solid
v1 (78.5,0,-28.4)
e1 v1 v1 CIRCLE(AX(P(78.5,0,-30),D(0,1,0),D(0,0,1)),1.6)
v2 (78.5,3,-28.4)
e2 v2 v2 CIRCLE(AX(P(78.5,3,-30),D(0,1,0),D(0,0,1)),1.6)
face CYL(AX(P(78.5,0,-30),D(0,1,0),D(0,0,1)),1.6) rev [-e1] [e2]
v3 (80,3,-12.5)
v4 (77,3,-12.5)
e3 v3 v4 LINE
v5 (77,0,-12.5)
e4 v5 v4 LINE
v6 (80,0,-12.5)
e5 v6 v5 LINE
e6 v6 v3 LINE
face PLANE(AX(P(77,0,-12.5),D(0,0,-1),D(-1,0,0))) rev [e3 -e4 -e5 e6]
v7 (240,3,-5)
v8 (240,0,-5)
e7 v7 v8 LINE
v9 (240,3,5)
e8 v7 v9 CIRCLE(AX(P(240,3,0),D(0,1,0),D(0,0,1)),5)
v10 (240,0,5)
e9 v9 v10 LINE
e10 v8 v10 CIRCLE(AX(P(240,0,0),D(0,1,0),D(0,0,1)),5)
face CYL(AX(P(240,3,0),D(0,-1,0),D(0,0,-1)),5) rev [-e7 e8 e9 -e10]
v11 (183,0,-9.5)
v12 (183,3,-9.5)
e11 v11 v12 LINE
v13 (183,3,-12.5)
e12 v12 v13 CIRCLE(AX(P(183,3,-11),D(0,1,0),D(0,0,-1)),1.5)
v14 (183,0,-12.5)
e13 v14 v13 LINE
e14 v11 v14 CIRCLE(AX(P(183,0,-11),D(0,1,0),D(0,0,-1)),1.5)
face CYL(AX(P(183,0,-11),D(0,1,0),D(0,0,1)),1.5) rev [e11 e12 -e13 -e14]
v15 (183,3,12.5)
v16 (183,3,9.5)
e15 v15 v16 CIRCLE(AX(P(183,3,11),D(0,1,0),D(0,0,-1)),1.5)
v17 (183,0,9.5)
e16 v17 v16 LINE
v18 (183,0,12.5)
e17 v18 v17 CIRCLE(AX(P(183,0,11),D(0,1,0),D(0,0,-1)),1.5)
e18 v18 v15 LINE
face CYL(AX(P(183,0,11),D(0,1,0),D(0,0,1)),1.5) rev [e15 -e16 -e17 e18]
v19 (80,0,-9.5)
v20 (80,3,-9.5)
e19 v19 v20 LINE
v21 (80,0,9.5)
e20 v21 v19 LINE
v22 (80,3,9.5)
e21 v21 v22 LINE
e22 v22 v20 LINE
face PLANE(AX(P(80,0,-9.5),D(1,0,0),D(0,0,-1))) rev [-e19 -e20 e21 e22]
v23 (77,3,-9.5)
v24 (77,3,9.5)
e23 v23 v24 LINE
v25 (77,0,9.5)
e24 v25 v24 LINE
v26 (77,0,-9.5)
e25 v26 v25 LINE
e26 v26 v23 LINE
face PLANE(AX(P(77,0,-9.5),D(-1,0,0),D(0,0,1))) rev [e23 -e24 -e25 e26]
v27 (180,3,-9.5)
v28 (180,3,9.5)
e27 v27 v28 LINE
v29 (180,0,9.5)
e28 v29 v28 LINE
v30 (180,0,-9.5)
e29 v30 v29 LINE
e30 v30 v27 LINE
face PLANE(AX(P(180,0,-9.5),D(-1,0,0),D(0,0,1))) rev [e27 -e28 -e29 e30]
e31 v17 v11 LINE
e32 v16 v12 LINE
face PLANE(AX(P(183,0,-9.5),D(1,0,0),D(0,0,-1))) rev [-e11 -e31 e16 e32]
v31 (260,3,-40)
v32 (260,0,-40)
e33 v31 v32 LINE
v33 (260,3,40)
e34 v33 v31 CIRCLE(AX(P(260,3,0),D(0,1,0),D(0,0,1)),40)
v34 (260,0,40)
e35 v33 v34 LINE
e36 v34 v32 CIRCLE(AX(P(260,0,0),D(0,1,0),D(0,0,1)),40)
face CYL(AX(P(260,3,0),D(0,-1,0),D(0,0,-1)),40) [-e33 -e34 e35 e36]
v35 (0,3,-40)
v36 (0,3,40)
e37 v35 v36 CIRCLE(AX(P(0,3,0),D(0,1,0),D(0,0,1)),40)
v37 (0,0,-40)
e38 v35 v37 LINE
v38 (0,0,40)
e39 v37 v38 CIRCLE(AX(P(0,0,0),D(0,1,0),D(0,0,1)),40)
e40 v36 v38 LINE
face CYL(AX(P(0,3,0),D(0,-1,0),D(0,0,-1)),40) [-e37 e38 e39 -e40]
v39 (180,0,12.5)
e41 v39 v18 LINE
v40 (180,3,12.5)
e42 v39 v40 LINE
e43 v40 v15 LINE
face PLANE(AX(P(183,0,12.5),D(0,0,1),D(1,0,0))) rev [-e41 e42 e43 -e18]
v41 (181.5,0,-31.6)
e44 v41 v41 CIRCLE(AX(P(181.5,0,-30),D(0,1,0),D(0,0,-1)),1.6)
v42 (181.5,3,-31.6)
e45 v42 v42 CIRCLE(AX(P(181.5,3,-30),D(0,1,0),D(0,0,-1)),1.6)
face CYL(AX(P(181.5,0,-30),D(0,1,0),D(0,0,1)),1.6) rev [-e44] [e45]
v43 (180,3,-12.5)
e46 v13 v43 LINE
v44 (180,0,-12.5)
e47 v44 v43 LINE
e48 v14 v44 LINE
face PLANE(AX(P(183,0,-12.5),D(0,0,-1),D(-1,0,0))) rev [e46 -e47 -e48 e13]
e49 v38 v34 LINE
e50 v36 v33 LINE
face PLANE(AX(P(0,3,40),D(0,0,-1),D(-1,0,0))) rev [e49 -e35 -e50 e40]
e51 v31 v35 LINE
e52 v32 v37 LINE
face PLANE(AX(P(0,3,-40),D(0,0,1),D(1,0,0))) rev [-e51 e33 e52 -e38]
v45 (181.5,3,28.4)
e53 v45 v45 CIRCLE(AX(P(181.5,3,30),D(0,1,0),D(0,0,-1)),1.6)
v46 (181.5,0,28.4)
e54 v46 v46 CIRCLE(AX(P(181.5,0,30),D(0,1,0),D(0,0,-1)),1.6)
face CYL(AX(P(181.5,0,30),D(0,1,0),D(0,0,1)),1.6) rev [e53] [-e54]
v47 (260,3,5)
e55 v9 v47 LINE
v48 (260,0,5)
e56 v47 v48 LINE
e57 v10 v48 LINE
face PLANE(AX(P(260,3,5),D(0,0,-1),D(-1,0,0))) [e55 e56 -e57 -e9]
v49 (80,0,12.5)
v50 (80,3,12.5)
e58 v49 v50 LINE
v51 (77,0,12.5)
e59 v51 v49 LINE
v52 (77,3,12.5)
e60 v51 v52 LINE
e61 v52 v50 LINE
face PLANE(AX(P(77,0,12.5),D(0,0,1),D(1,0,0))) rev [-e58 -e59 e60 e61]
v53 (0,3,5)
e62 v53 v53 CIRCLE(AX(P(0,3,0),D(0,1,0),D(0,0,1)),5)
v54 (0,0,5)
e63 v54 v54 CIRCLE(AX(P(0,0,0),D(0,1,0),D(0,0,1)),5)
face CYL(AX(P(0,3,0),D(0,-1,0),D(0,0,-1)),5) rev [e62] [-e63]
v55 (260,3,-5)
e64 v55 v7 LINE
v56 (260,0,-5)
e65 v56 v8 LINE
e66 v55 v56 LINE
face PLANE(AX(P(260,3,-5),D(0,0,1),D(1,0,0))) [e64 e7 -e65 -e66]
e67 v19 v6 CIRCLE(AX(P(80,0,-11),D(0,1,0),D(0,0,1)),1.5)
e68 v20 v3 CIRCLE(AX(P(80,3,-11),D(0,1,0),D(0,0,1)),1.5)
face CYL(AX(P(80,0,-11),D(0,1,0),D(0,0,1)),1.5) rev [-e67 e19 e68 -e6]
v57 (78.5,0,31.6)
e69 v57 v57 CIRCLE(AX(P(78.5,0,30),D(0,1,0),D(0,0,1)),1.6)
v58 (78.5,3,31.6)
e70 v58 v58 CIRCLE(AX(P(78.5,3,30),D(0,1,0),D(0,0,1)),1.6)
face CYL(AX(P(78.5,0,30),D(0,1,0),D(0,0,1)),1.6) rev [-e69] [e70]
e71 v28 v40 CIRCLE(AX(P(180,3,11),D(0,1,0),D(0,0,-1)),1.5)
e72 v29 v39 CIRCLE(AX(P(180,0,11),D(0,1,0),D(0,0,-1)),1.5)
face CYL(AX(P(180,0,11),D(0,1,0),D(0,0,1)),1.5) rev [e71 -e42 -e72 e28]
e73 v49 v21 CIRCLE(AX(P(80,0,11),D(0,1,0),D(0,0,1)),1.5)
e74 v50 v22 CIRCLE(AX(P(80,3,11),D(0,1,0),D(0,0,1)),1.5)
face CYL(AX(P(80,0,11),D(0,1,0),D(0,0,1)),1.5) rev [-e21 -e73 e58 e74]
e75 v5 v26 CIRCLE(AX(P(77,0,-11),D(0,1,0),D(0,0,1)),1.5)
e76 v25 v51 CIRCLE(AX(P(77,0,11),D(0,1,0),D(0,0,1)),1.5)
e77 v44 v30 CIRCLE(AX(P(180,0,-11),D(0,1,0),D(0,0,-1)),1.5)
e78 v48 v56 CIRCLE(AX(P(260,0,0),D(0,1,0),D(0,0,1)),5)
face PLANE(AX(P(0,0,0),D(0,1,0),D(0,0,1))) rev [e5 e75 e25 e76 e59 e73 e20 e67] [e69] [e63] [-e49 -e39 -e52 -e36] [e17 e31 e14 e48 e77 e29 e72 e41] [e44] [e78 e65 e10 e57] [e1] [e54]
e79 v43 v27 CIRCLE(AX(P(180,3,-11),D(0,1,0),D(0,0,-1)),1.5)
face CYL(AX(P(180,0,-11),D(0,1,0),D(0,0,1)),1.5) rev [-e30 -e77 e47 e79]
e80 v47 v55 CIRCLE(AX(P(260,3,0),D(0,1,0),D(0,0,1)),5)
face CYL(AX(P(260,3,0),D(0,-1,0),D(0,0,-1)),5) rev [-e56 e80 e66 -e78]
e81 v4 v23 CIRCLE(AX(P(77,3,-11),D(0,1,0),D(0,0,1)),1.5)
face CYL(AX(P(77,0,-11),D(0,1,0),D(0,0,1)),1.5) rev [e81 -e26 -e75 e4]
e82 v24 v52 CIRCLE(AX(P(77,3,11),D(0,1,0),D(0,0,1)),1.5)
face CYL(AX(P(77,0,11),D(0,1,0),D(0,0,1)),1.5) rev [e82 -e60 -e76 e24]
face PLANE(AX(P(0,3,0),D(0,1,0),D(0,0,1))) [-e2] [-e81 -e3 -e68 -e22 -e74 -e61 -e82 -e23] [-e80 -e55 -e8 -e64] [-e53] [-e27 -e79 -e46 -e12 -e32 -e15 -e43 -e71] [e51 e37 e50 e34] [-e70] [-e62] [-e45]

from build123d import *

# Parameters (mm, degrees)
SKETCH1_R           = 5
BOSS_EXTRUDE1_DEPTH = 3
SKETCH2_R           = 1.6
CUT_EXTRUDE1_DEPTH  = 303.669787062


with BuildPart() as part:
    # Sketch1 → Boss-Extrude1 (new body)
    with BuildSketch(Plane(origin=(0, 0, 0), x_dir=(1, 0, 0), z_dir=(0, 1, 0))):
        with BuildLine():
            Line((0, 40), (260, 40))
            ThreePointArc((260, 40), (300, 0), (260, -40))
            Line((260, -40), (0, -40))
            ThreePointArc((0, -40), (-40, 0), (0, 40))
        make_face()
        with Locations(Location((0, 0, 0), (0, 0, 270))):
            Circle(SKETCH1_R, mode=Mode.SUBTRACT)
        with BuildLine():
            Line((260, -5), (240, -5))
            ThreePointArc((240, -5), (235, 0), (240, 5))
            Line((240, 5), (260, 5))
            ThreePointArc((260, 5), (265, 0), (260, -5))
        make_face(mode=Mode.SUBTRACT)
    extrude(amount=BOSS_EXTRUDE1_DEPTH)

    # Sketch2 → Cut-Extrude1 (cut, through all)
    with BuildSketch(Plane(origin=(0, 3, 0), x_dir=(1, 0, 0), z_dir=(0, 1, 0))):
        with Locations(Location((78.5, 30, 0), (0, 0, 270))):
            Circle(SKETCH2_R)
        with Locations(Location((78.5, -30, 0), (0, 0, 270))):
            Circle(SKETCH2_R)
        with Locations(Location((181.5, -30, 0), (0, 0, 90))):
            Circle(SKETCH2_R)
        with Locations(Location((181.5, 30, 0), (0, 0, 90))):
            Circle(SKETCH2_R)
        with BuildLine():
            Line((80, 9.5), (80, -9.5))
            ThreePointArc((80, -9.5), (81.5, -11), (80, -12.5))
            Line((80, -12.5), (77, -12.5))
            ThreePointArc((77, -12.5), (75.5, -11), (77, -9.5))
            Line((77, -9.5), (77, 9.5))
            ThreePointArc((77, 9.5), (75.5, 11), (77, 12.5))
            Line((77, 12.5), (80, 12.5))
            ThreePointArc((80, 12.5), (81.5, 11), (80, 9.5))
        make_face()
        with BuildLine():
            Line((183, 12.5), (180, 12.5))
            ThreePointArc((180, 12.5), (178.5, 11), (180, 9.5))
            Line((180, 9.5), (180, -9.5))
            ThreePointArc((180, -9.5), (178.5, -11), (180, -12.5))
            Line((180, -12.5), (183, -12.5))
            ThreePointArc((183, -12.5), (184.5, -11), (183, -9.5))
            Line((183, -9.5), (183, 9.5))
            ThreePointArc((183, 9.5), (184.5, 11), (183, 12.5))
        make_face()
    extrude(amount=-CUT_EXTRUDE1_DEPTH, mode=Mode.SUBTRACT)


solid = part.part
